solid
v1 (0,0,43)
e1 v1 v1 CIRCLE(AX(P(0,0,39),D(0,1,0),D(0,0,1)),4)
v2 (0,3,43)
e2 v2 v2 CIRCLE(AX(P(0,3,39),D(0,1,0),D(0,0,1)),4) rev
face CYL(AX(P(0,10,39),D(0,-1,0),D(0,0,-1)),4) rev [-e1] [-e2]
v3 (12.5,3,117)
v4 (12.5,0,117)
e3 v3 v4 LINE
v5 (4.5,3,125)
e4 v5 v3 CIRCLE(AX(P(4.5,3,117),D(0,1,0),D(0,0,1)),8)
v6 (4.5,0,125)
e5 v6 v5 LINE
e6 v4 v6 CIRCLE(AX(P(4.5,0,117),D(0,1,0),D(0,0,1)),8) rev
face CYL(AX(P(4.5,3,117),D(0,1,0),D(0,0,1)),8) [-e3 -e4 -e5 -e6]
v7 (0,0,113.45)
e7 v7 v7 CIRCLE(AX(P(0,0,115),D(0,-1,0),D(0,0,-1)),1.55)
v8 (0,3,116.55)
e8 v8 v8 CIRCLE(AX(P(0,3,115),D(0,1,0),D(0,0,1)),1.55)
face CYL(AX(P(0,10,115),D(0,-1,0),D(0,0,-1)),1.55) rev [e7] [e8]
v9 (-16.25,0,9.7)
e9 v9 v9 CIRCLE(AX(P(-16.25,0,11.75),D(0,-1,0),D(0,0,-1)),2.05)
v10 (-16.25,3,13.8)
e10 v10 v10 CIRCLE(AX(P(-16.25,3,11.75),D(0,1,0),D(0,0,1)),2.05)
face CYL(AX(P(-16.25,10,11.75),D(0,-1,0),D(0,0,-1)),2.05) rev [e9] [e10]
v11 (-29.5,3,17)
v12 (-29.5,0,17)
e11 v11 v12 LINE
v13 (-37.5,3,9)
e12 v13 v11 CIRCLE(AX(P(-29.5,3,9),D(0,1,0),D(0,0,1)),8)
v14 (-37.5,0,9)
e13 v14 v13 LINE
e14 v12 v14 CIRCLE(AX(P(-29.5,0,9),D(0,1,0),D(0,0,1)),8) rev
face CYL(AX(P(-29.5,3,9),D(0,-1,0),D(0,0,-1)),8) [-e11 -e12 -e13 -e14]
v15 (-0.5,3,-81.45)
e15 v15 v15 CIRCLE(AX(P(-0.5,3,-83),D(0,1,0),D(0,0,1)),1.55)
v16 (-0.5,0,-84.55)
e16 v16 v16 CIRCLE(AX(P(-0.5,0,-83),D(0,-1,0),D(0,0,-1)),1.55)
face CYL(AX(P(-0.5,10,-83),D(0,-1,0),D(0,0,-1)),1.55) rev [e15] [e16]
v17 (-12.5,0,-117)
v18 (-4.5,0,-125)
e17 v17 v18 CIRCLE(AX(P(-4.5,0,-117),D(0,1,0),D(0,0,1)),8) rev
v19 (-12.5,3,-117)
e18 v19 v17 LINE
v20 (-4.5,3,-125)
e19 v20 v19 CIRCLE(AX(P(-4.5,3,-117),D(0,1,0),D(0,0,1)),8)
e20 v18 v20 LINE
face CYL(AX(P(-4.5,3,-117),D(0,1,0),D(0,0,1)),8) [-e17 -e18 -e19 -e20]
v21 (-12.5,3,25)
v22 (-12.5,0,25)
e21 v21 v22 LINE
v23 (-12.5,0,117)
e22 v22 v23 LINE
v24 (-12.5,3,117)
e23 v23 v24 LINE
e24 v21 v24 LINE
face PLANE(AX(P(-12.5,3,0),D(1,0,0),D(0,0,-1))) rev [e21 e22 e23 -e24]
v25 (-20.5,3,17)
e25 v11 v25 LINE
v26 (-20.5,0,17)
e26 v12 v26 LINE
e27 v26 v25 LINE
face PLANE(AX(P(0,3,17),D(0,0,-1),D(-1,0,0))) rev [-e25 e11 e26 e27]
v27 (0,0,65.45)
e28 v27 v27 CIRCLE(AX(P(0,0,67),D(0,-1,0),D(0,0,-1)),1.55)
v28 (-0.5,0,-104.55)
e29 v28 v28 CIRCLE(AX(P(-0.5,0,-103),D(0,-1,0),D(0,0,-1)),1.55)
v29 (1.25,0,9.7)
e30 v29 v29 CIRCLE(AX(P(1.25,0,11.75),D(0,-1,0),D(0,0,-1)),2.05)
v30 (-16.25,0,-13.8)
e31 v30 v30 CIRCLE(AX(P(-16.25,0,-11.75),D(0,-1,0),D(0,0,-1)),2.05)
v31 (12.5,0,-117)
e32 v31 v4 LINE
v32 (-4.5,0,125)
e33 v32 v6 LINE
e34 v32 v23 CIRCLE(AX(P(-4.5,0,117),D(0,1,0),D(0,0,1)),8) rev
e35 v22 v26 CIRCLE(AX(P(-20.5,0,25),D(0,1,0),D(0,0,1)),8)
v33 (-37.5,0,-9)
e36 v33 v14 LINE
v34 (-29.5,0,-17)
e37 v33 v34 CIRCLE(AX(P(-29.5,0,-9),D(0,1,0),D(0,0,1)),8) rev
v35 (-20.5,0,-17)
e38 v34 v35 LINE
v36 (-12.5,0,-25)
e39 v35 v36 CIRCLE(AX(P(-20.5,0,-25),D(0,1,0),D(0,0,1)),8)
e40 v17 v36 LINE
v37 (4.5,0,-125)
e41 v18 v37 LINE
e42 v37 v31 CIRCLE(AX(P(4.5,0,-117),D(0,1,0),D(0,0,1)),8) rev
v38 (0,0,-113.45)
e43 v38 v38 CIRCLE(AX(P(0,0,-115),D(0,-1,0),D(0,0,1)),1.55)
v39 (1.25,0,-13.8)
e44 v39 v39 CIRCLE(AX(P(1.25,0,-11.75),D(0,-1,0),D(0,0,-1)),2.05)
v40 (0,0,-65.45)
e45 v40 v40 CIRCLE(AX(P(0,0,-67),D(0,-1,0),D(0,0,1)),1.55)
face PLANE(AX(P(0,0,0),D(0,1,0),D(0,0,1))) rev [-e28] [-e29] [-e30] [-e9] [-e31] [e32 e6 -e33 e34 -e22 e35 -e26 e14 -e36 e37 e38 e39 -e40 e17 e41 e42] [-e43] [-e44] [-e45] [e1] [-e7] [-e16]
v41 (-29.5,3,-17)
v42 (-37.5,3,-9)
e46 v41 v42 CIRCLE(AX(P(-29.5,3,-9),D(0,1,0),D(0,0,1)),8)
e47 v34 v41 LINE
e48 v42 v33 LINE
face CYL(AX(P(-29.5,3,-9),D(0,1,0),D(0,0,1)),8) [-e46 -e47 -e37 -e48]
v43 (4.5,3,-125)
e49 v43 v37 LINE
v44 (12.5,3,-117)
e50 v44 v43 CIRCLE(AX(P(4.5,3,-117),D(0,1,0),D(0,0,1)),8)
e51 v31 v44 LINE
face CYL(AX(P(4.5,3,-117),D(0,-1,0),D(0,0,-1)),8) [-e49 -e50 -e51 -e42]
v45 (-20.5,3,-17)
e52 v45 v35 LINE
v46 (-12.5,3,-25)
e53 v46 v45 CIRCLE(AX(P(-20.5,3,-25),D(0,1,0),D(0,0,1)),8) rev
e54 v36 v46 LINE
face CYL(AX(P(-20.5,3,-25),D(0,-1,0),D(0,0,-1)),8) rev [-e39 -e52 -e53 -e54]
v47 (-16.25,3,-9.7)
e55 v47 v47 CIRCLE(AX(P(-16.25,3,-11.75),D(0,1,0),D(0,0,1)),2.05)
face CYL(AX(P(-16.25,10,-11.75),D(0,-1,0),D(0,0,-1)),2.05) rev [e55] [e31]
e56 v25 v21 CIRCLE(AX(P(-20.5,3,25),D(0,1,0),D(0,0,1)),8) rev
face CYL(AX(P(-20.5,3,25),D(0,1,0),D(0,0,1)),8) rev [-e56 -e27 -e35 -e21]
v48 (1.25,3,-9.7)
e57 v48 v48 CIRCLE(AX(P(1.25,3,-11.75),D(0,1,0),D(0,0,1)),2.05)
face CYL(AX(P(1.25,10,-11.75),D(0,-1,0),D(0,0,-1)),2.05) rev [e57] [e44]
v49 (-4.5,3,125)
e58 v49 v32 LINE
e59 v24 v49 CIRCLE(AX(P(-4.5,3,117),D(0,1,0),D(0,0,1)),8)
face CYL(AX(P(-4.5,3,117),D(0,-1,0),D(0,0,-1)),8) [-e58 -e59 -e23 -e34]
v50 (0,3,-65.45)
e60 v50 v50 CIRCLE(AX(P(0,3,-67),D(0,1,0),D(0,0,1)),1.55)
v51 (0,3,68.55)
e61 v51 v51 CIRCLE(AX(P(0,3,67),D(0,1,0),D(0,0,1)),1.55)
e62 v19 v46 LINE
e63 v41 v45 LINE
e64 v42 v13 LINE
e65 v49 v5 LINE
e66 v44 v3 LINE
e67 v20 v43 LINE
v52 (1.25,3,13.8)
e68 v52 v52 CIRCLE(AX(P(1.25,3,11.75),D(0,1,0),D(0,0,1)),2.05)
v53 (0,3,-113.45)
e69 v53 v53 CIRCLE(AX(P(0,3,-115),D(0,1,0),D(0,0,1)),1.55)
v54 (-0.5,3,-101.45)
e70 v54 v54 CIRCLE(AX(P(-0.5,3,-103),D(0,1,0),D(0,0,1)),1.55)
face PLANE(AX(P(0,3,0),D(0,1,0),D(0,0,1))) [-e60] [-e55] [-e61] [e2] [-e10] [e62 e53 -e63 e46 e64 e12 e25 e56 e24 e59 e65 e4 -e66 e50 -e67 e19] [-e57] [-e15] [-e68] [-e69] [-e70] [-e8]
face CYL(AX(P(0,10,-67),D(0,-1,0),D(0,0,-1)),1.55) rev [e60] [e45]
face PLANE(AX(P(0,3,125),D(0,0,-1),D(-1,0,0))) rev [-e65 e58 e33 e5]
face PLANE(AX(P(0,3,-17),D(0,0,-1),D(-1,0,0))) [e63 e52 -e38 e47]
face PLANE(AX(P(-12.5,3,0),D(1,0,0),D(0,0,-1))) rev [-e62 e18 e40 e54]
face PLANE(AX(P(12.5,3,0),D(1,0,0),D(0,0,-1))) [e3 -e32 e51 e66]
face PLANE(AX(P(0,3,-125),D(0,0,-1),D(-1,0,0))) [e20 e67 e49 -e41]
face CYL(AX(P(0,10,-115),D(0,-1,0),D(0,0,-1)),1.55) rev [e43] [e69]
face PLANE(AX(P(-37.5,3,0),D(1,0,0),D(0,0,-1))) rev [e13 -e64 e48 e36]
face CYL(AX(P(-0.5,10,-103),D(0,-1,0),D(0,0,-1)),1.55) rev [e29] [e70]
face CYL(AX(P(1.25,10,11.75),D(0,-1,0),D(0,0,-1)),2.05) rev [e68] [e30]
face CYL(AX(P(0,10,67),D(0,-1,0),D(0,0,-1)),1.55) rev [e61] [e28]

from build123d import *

# Parameters (mm, degrees)
SKETCH_1_W          = 25
SKETCH_1_H          = 34
SKETCH_1_H_2        = 108
EXTRUDE_1_DEPTH     = 3
SKETCH_2_R          = 2.05
SKETCH_2_R_2        = 1.55
CUT_EXTRUDE_1_DEPTH = 10
SKETCH_3_R          = 1.55
CUT_EXTRUDE_2_DEPTH = 10
FILLET_1_R          = 8
SKETCH_4_R          = 4
CUT_EXTRUDE_4_DEPTH = 10


with BuildPart() as part:
    # 草图1 → 凸台-拉伸1 (new body)
    with BuildSketch(Plane(origin=(0, 0, 0), x_dir=(1, 0, 0), z_dir=(0, 1, 0))):
        with Locations((-25, 0)):
            Rectangle(SKETCH_1_W, SKETCH_1_H)
        with Locations((0, 71)):
            Rectangle(SKETCH_1_W, SKETCH_1_H_2)
        Rectangle(SKETCH_1_W, SKETCH_1_H)
        with Locations((0, -71)):
            Rectangle(SKETCH_1_W, SKETCH_1_H_2)
    extrude(amount=EXTRUDE_1_DEPTH)

    # 草图2 → 切除-拉伸1 (cut)
    with BuildSketch(Plane(origin=(0, 0, 0), x_dir=(-1, 0, 0), z_dir=(0, -1, 0))):
        with Locations(Location((-1.25, -11.75, 0), (0, 0, 90))):
            Circle(SKETCH_2_R)
        with Locations(Location((-1.25, 11.75, 0), (0, 0, 90))):
            Circle(SKETCH_2_R)
        with Locations(Location((16.25, 11.75, 0), (0, 0, 90))):
            Circle(SKETCH_2_R)
        with Locations(Location((16.25, -11.75, 0), (0, 0, 90))):
            Circle(SKETCH_2_R)
        with Locations(Location((0, -115, 0), (0, 0, 90))):
            Circle(SKETCH_2_R_2)
        with Locations(Location((0, -67, 0), (0, 0, 90))):
            Circle(SKETCH_2_R_2)
        with Locations(Location((0, 115, 0), (0, 0, 270))):
            Circle(SKETCH_2_R_2)
        with Locations(Location((0, 67, 0), (0, 0, 270))):
            Circle(SKETCH_2_R_2)
    extrude(amount=-CUT_EXTRUDE_1_DEPTH, mode=Mode.SUBTRACT)

    # 草图3 → 切除-拉伸2 (cut)
    with BuildSketch(Plane(origin=(0, 0, 0), x_dir=(-1, 0, 0), z_dir=(0, -1, 0))):
        with Locations(Location((0.5, 83, 0), (0, 0, 90))):
            Circle(SKETCH_3_R)
        with Locations(Location((0.5, 103, 0), (0, 0, 90))):
            Circle(SKETCH_3_R)
    extrude(amount=-CUT_EXTRUDE_2_DEPTH, mode=Mode.SUBTRACT)

    # 圆角1
    fillet_1_edges = [part.edges().sort_by_distance(p)[0] for p in [
        (-37.5, 1.5, -17),
        (-12.5, 1.5, -17),
        (-12.5, 1.5, -125),
        (12.5, 1.5, -125),
        (12.5, 1.5, 125),
        (-12.5, 1.5, 125),
        (-12.5, 1.5, 17),
        (-37.5, 1.5, 17),
    ]]
    fillet(fillet_1_edges, radius=FILLET_1_R)

    # 草图4 → 切除-拉伸4 (cut)
    with BuildSketch(Plane(origin=(0, 0, 0), x_dir=(1, 0, 0), z_dir=(0, 1, 0))):
        with Locations(Location((0, -39, 0), (0, 0, 270))):
            Circle(SKETCH_4_R)
    extrude(amount=CUT_EXTRUDE_4_DEPTH, mode=Mode.SUBTRACT)


solid = part.part
